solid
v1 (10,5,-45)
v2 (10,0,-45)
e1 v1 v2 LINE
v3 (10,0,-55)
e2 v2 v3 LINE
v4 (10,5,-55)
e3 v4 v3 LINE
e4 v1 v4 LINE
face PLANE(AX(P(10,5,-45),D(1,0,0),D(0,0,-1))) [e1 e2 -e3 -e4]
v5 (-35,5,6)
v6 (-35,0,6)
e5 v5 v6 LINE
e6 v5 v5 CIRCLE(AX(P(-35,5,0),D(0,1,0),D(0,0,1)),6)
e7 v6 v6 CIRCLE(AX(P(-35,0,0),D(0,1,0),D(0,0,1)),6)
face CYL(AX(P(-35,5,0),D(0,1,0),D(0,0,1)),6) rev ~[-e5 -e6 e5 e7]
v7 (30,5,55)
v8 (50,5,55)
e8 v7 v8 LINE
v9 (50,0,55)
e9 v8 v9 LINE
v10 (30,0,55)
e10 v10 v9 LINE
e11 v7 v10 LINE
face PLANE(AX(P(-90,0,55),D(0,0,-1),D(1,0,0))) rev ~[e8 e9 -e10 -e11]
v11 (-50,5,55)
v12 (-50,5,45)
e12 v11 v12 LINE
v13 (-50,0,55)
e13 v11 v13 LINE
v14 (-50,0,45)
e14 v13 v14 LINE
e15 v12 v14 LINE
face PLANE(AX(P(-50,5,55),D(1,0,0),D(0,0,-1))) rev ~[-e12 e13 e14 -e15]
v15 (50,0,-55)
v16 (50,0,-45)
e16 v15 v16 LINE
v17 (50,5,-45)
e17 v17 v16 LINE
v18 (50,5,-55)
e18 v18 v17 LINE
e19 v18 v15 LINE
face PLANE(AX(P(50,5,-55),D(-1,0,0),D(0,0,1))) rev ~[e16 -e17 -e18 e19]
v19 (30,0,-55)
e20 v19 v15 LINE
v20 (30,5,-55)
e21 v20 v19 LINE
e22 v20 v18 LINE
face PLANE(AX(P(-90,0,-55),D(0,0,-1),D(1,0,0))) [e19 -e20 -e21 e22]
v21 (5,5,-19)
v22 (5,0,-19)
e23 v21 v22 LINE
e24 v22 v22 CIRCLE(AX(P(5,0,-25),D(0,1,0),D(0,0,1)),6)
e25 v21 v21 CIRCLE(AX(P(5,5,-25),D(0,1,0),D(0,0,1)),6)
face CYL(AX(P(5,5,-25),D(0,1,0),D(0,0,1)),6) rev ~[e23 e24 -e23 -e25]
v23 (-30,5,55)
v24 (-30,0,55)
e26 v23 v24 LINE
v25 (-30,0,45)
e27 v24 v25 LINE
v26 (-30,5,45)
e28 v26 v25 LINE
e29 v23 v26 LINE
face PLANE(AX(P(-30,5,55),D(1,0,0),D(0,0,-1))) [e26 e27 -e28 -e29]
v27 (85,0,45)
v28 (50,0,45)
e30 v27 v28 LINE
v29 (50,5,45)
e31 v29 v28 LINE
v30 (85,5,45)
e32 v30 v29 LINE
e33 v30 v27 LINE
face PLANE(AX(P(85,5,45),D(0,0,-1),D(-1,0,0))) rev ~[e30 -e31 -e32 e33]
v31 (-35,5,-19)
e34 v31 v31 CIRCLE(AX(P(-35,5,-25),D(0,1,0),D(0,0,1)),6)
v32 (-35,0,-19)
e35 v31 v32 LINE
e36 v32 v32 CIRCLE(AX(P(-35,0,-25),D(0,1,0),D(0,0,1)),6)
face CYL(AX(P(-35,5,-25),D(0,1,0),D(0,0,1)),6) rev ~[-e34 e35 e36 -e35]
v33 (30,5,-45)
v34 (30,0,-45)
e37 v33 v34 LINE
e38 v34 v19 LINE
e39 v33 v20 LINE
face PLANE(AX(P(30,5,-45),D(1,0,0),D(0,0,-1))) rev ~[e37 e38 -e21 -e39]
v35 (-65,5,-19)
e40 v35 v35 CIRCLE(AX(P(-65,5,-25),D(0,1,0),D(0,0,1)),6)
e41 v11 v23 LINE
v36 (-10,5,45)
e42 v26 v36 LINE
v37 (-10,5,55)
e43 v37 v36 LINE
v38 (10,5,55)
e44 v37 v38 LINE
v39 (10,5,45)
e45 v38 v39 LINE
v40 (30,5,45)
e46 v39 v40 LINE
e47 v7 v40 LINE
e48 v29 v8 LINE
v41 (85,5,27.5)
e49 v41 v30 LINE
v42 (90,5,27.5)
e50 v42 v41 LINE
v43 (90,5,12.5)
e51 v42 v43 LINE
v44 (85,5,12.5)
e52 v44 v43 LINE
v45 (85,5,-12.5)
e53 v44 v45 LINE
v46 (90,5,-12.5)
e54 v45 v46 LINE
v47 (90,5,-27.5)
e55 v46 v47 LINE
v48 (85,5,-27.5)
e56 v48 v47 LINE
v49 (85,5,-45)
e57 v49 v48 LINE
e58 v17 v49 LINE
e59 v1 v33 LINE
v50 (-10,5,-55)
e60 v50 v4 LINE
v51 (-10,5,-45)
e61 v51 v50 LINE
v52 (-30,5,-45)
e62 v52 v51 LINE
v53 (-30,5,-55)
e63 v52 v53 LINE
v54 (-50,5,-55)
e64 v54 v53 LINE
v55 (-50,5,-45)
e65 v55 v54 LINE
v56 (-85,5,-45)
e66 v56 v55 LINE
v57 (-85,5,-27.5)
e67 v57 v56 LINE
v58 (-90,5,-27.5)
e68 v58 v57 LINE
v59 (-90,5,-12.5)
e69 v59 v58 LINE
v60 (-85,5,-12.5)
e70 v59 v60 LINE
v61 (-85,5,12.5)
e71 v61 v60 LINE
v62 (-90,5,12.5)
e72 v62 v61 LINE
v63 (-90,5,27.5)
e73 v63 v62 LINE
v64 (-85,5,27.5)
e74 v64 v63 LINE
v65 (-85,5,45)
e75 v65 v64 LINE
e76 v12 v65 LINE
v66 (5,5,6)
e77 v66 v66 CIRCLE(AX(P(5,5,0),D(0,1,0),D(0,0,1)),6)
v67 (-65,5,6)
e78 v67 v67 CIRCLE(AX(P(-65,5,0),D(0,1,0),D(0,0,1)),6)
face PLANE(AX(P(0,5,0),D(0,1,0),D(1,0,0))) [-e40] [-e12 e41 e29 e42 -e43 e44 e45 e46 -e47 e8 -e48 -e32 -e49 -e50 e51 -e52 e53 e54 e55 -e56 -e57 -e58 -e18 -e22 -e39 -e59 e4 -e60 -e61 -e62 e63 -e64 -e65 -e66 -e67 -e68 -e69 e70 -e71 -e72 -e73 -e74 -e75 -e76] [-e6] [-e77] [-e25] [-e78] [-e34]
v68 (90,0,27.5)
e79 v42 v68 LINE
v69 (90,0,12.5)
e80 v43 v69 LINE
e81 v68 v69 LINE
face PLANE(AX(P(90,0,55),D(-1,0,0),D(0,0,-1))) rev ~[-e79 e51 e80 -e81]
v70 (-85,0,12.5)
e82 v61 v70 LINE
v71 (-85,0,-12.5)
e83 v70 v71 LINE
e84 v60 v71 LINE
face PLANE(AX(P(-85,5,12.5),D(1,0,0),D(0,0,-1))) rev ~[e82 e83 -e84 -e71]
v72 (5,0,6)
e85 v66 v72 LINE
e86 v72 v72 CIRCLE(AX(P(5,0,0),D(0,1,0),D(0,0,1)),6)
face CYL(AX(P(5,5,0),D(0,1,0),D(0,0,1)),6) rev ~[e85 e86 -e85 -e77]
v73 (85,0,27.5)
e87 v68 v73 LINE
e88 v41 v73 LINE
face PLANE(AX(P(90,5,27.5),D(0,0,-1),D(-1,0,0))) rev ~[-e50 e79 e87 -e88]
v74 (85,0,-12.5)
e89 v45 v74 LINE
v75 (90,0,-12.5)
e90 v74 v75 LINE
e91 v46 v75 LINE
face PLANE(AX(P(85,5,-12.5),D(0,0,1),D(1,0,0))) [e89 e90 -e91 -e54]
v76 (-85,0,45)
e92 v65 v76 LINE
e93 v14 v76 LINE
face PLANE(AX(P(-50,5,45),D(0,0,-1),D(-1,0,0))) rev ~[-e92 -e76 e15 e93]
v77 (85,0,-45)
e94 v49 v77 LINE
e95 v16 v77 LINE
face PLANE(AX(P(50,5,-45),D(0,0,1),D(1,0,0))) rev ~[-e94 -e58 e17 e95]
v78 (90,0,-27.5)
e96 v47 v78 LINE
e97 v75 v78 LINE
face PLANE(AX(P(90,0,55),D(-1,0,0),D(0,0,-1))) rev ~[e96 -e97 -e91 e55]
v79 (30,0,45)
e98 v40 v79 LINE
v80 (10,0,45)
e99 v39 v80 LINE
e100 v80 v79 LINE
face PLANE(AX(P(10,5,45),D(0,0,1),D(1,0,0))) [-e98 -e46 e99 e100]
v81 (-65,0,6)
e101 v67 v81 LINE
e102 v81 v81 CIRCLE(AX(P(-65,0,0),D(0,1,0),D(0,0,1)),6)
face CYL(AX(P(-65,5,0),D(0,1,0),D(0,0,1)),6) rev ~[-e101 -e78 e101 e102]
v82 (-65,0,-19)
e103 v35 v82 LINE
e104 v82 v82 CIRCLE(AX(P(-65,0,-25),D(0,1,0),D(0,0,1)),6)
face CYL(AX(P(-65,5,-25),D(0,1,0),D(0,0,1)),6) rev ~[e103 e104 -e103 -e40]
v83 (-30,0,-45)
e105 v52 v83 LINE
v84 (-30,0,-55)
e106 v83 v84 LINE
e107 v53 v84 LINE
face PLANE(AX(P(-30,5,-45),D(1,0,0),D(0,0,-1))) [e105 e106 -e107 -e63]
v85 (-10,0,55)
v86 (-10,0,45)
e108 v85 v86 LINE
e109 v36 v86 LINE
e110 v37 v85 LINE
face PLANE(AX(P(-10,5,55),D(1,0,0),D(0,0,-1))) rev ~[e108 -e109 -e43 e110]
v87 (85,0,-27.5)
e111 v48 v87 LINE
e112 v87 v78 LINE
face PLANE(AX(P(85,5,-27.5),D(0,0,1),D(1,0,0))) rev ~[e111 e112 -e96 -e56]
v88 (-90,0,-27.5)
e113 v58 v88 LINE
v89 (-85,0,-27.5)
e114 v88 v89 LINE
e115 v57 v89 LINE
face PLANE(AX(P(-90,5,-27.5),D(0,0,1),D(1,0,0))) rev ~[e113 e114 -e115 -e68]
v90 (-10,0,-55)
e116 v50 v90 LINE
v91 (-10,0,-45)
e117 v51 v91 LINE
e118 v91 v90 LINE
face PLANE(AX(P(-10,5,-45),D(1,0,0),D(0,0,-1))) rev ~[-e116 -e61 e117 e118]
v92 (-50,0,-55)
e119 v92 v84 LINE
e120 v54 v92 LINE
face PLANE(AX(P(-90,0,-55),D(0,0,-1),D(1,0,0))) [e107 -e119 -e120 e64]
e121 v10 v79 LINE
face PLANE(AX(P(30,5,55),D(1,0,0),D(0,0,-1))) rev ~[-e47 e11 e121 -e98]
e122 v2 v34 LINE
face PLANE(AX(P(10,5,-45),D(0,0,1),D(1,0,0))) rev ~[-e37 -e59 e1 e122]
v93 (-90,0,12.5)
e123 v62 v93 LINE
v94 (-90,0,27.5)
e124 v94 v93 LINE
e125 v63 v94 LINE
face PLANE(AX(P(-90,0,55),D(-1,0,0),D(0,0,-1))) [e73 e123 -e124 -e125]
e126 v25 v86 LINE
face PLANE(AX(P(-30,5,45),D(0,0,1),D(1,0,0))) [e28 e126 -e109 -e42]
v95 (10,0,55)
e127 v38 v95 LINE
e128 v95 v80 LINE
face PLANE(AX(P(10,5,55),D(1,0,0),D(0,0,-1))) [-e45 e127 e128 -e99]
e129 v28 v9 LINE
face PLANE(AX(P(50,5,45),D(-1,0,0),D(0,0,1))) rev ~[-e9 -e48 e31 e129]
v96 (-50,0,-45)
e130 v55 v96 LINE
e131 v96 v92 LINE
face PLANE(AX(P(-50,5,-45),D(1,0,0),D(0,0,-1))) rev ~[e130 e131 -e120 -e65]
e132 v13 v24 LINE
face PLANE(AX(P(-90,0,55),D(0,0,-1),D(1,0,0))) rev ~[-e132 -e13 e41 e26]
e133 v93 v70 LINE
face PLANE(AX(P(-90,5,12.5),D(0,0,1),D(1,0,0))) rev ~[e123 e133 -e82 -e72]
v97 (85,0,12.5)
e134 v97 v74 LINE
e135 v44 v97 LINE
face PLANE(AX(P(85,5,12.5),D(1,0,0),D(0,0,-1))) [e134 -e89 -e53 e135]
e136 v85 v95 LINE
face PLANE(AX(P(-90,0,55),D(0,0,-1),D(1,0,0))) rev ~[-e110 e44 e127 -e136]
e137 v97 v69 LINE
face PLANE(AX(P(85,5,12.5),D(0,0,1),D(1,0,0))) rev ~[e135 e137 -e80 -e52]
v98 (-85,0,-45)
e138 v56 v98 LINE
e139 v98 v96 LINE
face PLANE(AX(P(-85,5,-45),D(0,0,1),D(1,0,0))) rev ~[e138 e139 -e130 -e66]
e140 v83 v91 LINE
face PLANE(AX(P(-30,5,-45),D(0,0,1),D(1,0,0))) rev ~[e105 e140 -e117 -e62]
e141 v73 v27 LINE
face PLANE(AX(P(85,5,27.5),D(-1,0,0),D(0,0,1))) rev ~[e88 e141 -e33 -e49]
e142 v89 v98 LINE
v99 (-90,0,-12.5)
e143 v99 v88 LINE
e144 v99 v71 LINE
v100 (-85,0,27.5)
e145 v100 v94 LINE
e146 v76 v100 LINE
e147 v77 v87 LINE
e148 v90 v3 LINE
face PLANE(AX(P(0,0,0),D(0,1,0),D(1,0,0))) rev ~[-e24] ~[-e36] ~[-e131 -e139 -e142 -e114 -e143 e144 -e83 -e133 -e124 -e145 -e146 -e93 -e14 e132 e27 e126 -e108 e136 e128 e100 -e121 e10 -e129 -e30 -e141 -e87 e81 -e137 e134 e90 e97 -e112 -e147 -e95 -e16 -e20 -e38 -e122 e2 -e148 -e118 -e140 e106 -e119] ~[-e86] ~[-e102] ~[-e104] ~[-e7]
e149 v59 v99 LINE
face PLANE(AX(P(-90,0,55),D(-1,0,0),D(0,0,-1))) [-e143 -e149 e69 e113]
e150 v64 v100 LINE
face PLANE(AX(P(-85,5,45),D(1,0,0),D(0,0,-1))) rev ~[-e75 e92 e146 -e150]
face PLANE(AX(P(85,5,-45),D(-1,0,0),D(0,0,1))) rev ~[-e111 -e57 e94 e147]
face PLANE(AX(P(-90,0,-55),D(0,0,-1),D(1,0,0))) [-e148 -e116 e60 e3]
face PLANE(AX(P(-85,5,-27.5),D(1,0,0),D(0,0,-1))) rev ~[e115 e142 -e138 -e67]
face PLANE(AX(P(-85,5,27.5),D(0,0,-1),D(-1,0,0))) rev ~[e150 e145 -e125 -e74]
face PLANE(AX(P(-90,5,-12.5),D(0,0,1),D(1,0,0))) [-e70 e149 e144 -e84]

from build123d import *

# Parameters (mm, degrees)
ESQUISSE1_W             = 180
ESQUISSE1_H             = 110
BOSS_EXTRU_1_DEPTH      = 5
ESQUISSE2_W             = 20
ESQUISSE2_H             = 10
ESQUISSE2_W_2           = 5
ESQUISSE2_H_2           = 25
ENL_V_MAT_EXTRU_1_DEPTH = 5
ESQUISSE3_R             = 6
ENL_V_MAT_EXTRU_2_DEPTH = 5


with BuildPart() as part:
    # Esquisse1 → Boss.-Extru.1 (new body)
    with BuildSketch(Plane(origin=(0, 0, 0), x_dir=(1, 0, 0), z_dir=(0, 1, 0))):
        Rectangle(ESQUISSE1_W, ESQUISSE1_H)
    extrude(amount=BOSS_EXTRU_1_DEPTH)

    # Esquisse2 → Enlèv. mat.-Extru.1 (cut)
    with BuildSketch(Plane(origin=(0, 5, 0), x_dir=(1, 0, 0), z_dir=(0, 1, 0))):
        Polygon((-90, 55), (-90, 27.5), (-85, 27.5), (-85, 45), (-50, 45), (-50, 55), align=None)
        Polygon((85, 27.5), (90, 27.5), (90, 55), (50, 55), (50, 45), (85, 45), align=None)
        with Locations((20, 50)):
            Rectangle(ESQUISSE2_W, ESQUISSE2_H)
        with Locations((-20, 50)):
            Rectangle(ESQUISSE2_W, ESQUISSE2_H)
        with Locations((-87.5, 0)):
            Rectangle(ESQUISSE2_W_2, ESQUISSE2_H_2)
        Polygon((-90, -55), (-50, -55), (-50, -45), (-85, -45), (-85, -27.5), (-90, -27.5), align=None)
        Polygon((50, -45), (50, -55), (90, -55), (90, -27.5), (85, -27.5), (85, -45), align=None)
        with Locations((87.5, 0)):
            Rectangle(ESQUISSE2_W_2, ESQUISSE2_H_2)
        with Locations((20, -50)):
            Rectangle(ESQUISSE2_W, ESQUISSE2_H)
        with Locations((-20, -50)):
            Rectangle(ESQUISSE2_W, ESQUISSE2_H)
    extrude(amount=-ENL_V_MAT_EXTRU_1_DEPTH, mode=Mode.SUBTRACT)

    # Esquisse3 → Enlèv. mat.-Extru.2 (cut)
    with BuildSketch(Plane(origin=(0, 5, 0), x_dir=(1, 0, 0), z_dir=(0, 1, 0))):
        with Locations(Location((-35, 25, 0), (0, 0, 270))):
            Circle(ESQUISSE3_R)
        with Locations(Location((-35, 0, 0), (0, 0, 270))):
            Circle(ESQUISSE3_R)
        with Locations(Location((5, 25, 0), (0, 0, 270))):
            Circle(ESQUISSE3_R)
        with Locations(Location((5, 0, 0), (0, 0, 270))):
            Circle(ESQUISSE3_R)
        with Locations(Location((-65, 25, 0), (0, 0, 270))):
            Circle(ESQUISSE3_R)
        with Locations(Location((-65, 0, 0), (0, 0, 270))):
            Circle(ESQUISSE3_R)
    extrude(amount=-ENL_V_MAT_EXTRU_2_DEPTH, mode=Mode.SUBTRACT)


solid = part.part
